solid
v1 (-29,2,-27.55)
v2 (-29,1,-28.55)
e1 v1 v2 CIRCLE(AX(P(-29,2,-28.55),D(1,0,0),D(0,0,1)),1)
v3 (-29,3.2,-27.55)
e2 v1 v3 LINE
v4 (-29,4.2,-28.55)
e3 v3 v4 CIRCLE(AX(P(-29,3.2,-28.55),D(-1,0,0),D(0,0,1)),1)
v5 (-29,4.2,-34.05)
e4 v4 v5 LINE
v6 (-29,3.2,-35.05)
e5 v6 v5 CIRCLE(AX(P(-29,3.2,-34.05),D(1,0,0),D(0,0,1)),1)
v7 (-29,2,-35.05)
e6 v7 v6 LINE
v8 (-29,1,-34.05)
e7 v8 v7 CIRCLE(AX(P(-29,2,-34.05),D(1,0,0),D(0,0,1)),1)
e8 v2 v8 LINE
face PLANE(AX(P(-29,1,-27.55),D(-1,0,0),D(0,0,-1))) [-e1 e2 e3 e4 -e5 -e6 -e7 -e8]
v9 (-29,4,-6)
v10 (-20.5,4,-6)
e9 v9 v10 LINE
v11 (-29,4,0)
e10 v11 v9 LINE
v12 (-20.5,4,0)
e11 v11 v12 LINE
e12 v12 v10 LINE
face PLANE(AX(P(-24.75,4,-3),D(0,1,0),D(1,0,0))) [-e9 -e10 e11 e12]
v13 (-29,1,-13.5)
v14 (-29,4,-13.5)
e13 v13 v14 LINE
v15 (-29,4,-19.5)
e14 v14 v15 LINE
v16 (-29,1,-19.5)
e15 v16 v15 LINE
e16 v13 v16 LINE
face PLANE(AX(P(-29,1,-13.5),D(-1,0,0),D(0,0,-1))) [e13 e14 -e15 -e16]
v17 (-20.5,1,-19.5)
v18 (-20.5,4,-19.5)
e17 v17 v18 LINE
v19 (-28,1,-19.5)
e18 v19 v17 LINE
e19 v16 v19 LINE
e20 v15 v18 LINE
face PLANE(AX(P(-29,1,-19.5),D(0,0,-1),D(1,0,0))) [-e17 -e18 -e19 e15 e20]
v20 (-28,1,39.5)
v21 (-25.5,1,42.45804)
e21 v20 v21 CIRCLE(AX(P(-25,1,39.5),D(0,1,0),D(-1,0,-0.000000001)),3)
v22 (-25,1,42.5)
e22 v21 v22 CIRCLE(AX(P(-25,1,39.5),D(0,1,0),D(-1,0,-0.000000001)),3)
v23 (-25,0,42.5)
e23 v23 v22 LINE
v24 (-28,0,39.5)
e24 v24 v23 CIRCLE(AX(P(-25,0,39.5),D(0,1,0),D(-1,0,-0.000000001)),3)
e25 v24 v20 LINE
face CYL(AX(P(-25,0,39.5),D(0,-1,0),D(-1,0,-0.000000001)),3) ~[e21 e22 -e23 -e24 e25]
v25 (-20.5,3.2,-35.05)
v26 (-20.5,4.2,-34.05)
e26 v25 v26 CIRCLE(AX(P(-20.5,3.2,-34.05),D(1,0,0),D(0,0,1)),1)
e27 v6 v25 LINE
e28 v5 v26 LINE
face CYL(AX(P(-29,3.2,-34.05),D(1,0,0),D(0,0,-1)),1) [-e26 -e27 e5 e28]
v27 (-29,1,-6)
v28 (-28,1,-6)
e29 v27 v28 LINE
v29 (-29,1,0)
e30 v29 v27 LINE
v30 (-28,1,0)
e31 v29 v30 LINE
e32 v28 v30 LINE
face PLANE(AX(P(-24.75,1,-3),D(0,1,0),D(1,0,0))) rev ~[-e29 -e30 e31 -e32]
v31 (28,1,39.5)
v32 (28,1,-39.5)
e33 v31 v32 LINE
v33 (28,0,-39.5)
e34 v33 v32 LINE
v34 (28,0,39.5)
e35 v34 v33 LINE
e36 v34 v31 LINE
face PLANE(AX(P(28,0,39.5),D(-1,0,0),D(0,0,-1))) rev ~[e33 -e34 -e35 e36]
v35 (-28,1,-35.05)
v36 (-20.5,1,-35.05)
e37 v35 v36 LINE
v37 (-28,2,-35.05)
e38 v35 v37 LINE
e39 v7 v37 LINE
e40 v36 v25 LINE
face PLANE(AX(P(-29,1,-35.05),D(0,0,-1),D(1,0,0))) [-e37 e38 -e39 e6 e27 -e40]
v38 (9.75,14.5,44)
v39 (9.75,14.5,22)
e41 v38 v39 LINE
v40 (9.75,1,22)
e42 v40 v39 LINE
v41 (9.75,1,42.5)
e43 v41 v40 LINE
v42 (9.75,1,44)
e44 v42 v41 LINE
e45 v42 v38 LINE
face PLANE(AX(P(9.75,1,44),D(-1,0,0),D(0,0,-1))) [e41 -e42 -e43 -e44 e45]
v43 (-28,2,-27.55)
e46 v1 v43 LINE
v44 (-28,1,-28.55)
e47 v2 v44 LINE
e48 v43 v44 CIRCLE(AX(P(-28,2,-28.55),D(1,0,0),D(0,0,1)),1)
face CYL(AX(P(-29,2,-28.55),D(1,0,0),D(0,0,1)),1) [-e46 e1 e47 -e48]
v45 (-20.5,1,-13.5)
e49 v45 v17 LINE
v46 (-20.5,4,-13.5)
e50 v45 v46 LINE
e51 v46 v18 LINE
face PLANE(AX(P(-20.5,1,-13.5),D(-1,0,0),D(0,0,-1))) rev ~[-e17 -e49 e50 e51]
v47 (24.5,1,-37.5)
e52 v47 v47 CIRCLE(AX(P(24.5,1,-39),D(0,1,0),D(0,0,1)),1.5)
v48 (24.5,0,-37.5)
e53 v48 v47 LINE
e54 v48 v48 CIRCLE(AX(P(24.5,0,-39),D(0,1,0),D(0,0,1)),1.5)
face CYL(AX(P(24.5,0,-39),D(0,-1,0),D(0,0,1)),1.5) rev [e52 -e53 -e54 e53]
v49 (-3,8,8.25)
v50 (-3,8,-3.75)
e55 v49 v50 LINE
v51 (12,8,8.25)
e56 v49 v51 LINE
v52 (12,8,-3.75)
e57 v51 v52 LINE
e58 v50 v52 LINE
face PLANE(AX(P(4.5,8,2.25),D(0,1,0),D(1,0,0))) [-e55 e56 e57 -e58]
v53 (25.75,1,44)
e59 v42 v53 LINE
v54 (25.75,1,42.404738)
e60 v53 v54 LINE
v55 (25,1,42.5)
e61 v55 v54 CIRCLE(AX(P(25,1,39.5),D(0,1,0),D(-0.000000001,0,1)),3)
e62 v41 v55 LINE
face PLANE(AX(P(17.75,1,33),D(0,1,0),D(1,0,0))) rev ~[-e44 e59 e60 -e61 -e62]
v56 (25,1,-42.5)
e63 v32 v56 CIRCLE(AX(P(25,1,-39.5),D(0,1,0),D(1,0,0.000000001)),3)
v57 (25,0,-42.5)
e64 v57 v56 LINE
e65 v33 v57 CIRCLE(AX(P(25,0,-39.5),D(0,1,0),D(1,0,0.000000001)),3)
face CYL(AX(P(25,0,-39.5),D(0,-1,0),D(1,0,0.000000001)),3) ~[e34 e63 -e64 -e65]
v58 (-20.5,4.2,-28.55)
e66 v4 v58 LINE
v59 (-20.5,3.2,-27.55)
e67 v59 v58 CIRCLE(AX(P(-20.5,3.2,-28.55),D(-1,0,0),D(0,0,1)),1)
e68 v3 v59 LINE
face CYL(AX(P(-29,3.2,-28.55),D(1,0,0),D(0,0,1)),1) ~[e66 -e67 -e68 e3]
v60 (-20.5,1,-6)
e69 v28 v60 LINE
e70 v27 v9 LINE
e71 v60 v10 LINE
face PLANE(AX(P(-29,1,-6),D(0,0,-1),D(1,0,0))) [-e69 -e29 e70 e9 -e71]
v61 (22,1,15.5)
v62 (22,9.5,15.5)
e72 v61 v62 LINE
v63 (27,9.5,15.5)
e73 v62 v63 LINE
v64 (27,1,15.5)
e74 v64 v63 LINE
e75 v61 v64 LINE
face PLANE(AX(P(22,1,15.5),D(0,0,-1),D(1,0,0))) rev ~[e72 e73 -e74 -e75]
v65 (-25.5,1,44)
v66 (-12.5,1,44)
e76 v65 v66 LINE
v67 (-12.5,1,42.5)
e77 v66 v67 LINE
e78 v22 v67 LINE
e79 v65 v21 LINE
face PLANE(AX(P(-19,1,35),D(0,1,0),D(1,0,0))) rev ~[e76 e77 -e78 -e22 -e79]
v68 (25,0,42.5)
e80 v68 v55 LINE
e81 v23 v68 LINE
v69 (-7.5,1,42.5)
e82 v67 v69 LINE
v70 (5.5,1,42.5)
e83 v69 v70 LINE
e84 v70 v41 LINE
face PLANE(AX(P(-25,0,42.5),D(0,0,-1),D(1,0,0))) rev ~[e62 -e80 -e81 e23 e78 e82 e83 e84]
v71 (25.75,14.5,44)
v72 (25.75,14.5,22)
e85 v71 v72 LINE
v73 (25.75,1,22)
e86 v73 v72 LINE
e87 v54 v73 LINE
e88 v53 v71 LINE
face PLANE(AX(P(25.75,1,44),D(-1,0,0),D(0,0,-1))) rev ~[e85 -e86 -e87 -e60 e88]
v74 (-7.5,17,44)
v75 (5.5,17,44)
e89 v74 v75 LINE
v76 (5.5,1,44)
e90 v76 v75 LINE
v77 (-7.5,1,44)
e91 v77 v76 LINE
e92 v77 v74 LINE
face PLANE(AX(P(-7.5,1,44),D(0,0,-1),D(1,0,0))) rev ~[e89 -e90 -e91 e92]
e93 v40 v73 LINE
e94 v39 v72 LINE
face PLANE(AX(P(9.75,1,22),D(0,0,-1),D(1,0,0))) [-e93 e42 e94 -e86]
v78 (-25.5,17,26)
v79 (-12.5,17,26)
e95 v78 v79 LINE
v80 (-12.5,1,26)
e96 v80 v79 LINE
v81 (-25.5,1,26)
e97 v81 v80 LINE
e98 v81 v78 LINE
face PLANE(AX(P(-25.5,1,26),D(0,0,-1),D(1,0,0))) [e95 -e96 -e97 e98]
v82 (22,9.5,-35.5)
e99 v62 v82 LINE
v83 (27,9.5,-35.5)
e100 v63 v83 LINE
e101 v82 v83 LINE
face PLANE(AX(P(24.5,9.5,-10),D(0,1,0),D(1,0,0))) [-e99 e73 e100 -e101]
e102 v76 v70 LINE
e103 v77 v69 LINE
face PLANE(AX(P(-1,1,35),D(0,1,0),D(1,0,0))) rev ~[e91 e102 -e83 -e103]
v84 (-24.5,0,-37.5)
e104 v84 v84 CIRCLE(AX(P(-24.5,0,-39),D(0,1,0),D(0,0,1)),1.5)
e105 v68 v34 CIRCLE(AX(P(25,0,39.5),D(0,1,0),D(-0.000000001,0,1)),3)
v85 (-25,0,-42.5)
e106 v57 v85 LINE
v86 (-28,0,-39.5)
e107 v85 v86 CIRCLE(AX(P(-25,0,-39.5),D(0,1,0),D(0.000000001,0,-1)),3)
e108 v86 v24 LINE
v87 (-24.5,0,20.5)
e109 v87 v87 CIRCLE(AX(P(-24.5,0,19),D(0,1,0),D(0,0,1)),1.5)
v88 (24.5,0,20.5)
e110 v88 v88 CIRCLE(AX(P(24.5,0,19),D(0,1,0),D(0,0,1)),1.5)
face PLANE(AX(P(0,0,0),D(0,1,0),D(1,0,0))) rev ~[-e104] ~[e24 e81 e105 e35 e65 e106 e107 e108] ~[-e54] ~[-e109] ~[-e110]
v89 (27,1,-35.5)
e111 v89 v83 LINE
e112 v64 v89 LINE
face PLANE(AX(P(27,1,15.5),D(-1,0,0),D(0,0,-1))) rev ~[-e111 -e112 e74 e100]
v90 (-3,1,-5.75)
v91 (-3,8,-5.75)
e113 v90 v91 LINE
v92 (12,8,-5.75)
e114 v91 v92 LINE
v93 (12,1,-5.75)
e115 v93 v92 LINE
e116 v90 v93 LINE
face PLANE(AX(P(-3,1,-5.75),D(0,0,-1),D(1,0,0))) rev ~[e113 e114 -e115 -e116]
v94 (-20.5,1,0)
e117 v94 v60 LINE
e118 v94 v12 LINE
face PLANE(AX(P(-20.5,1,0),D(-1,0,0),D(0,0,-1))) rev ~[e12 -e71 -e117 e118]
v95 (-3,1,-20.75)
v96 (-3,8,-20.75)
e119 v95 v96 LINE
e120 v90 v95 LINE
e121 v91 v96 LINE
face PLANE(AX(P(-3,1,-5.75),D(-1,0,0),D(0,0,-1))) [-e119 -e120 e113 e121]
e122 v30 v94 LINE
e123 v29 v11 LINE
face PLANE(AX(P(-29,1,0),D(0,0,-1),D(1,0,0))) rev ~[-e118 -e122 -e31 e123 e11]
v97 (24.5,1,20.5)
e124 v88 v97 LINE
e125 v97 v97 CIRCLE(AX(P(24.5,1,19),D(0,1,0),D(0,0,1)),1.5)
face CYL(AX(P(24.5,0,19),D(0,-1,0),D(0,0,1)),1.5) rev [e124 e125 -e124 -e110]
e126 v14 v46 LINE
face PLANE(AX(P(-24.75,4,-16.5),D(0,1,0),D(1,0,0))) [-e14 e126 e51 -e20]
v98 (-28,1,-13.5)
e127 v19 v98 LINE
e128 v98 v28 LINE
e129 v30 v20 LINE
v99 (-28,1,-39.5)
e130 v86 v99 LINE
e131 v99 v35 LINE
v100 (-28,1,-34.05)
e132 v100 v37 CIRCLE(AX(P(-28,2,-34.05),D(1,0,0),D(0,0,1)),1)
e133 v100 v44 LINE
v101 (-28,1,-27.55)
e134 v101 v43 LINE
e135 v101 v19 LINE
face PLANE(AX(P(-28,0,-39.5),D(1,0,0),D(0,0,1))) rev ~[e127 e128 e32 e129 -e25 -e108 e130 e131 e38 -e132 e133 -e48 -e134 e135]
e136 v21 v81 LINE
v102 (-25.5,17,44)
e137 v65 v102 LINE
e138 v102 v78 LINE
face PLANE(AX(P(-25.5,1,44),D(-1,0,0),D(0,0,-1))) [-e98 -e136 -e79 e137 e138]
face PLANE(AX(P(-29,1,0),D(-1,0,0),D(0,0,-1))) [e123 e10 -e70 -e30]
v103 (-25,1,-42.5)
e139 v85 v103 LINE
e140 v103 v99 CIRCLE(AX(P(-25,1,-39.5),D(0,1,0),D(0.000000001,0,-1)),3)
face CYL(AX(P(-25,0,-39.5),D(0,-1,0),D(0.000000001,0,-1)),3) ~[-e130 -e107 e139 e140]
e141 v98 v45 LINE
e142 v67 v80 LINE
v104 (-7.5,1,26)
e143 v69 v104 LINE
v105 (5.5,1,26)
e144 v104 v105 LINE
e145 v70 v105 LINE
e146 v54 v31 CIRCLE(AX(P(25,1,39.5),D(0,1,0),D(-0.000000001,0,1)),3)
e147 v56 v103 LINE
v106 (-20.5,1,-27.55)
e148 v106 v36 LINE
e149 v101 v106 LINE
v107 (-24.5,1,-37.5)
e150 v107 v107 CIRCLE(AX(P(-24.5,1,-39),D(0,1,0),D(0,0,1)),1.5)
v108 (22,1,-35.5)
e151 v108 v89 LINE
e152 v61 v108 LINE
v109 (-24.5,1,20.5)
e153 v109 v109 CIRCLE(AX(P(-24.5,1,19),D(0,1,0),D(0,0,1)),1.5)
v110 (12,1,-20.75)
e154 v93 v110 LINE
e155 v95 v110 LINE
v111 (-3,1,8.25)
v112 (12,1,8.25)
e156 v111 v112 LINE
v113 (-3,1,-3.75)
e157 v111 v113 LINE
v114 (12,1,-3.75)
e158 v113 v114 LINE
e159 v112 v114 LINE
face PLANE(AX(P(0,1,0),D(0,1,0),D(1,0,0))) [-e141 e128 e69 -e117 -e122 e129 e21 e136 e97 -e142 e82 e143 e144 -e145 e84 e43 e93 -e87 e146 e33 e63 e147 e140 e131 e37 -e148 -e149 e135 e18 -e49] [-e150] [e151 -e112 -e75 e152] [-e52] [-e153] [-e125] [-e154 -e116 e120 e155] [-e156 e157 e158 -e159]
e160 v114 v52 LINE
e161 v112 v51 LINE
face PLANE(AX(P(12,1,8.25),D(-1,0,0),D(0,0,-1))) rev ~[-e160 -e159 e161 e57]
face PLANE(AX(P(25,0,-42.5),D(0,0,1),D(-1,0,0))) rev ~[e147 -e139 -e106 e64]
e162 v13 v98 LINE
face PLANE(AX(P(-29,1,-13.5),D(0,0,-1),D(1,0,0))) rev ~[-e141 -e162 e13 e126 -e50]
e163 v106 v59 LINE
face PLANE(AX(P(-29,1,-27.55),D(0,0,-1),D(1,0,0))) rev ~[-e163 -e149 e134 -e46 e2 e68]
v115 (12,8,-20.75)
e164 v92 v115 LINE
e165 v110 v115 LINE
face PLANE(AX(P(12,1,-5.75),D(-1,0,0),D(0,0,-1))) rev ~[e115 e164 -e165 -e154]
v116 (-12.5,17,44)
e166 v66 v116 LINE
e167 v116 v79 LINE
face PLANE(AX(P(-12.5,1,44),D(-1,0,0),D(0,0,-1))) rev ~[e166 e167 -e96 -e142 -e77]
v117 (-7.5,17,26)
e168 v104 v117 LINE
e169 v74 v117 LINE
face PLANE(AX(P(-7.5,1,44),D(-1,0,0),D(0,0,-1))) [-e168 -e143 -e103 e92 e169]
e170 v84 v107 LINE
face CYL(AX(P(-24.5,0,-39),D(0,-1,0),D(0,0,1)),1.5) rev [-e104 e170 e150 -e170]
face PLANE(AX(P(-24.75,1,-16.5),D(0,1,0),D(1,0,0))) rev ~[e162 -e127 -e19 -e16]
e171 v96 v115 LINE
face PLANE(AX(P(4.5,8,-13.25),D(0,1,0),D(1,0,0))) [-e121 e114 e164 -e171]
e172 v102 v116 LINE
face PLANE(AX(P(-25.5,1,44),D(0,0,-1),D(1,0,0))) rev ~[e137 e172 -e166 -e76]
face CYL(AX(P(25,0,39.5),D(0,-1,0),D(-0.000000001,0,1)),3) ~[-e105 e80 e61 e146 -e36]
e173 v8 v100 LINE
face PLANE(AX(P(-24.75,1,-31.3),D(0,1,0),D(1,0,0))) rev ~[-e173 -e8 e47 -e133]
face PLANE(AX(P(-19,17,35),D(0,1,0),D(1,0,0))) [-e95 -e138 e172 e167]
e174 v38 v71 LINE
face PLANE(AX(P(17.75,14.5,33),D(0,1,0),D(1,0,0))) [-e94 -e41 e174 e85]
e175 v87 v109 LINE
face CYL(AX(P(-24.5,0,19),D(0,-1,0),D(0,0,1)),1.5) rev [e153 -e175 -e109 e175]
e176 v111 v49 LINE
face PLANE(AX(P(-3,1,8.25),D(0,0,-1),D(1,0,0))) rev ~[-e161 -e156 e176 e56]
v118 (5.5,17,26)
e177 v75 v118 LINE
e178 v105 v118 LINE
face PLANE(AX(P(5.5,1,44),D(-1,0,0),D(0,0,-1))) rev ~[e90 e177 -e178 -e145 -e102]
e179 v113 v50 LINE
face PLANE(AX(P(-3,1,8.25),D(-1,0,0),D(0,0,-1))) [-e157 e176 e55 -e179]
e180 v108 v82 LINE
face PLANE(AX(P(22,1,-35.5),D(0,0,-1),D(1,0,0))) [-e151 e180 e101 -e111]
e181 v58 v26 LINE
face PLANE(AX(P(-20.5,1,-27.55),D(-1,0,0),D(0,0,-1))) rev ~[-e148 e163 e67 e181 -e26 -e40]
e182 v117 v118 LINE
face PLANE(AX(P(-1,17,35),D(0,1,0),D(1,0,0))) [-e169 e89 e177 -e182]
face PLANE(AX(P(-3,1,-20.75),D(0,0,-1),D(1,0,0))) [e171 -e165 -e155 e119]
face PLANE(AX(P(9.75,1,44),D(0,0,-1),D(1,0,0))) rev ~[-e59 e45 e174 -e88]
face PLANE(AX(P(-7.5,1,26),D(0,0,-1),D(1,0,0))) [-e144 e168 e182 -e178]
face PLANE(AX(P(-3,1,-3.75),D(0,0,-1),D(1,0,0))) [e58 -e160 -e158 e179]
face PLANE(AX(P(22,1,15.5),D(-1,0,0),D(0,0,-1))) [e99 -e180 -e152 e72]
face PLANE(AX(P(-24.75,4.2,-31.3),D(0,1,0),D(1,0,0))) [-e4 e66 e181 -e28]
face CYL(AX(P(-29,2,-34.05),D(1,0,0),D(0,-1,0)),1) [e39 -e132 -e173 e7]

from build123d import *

# Parameters (mm, degrees)
ESQUISSE1_R        = 1.5
BOSS_EXTRU_1_DEPTH = 1
ESQUISSE2_W        = 13
ESQUISSE2_H        = 18
BOSS_EXTRU_2_DEPTH = 16
ESQUISSE3_W        = 16
ESQUISSE3_H        = 22
BOSS_EXTRU_3_DEPTH = 13.5
ESQUISSE4_W        = 15
ESQUISSE4_H        = 15
ESQUISSE4_H_2      = 12
BOSS_EXTRU_4_DEPTH = 7
ESQUISSE5_W        = 8.5
ESQUISSE5_H        = 7.5
BOSS_EXTRU_5_DEPTH = 3.2
CONG_3_R           = 1
CONG_4_R           = 1
ESQUISSE6_W        = 8.5
ESQUISSE6_H        = 6
BOSS_EXTRU_6_DEPTH = 3
ESQUISSE7_W        = 5
ESQUISSE7_H        = 51
BOSS_EXTRU_7_DEPTH = 8.5


with BuildPart() as part:
    # Esquisse1 → Boss.-Extru.1 (new body)
    with BuildSketch(Plane(origin=(0, 0, 0), x_dir=(1, 0, 0), z_dir=(0, 1, 0))):
        with BuildLine():
            Line((-25, -42.5), (25, -42.5))
            ThreePointArc((25, -42.5), (27.121320344, -41.621320344), (28, -39.5))
            Line((28, -39.5), (28, 39.5))
            ThreePointArc((28, 39.5), (27.121320344, 41.621320344), (25, 42.5))
            Line((25, 42.5), (-25, 42.5))
            ThreePointArc((-25, 42.5), (-27.121320344, 41.621320344), (-28, 39.5))
            Line((-28, 39.5), (-28, -39.5))
            ThreePointArc((-28, -39.5), (-27.121320344, -41.621320344), (-25, -42.5))
        make_face()
        with Locations(Location((-24.5, 39, 0), (0, 0, 270))):
            Circle(ESQUISSE1_R, mode=Mode.SUBTRACT)
        with Locations(Location((24.5, 39, 0), (0, 0, 270))):
            Circle(ESQUISSE1_R, mode=Mode.SUBTRACT)
        with Locations(Location((-24.5, -19, 0), (0, 0, 270))):
            Circle(ESQUISSE1_R, mode=Mode.SUBTRACT)
        with Locations(Location((24.5, -19, 0), (0, 0, 270))):
            Circle(ESQUISSE1_R, mode=Mode.SUBTRACT)
    extrude(amount=BOSS_EXTRU_1_DEPTH)

    # Esquisse2 → Boss.-Extru.2 (add)
    with BuildSketch(Plane(origin=(0, 1, 0), x_dir=(1, 0, 0), z_dir=(0, 1, 0))):
        with Locations((-19, -35)):
            Rectangle(ESQUISSE2_W, ESQUISSE2_H)
        with Locations((-1, -35)):
            Rectangle(ESQUISSE2_W, ESQUISSE2_H)
    extrude(amount=BOSS_EXTRU_2_DEPTH)

    # Esquisse3 → Boss.-Extru.3 (add)
    with BuildSketch(Plane(origin=(0, 1, 0), x_dir=(1, 0, 0), z_dir=(0, 1, 0))):
        with Locations((17.75, -33)):
            Rectangle(ESQUISSE3_W, ESQUISSE3_H)
    extrude(amount=BOSS_EXTRU_3_DEPTH)

    # Esquisse4 → Boss.-Extru.4 (add)
    with BuildSketch(Plane(origin=(0, 1, 0), x_dir=(1, 0, 0), z_dir=(0, 1, 0))):
        with Locations((4.5, 13.25)):
            Rectangle(ESQUISSE4_W, ESQUISSE4_H)
        with Locations((4.5, -2.25)):
            Rectangle(ESQUISSE4_W, ESQUISSE4_H_2)
    extrude(amount=BOSS_EXTRU_4_DEPTH)

    # Esquisse5 → Boss.-Extru.5 (add)
    with BuildSketch(Plane(origin=(0, 1, 0), x_dir=(1, 0, 0), z_dir=(0, 1, 0))):
        with Locations((-24.75, 31.3)):
            Rectangle(ESQUISSE5_W, ESQUISSE5_H)
    extrude(amount=BOSS_EXTRU_5_DEPTH)

    # Congé3
    cong_3_edges = [part.edges().sort_by_distance(p)[0] for p in [
        (-24.75, 4.2, -27.55),
        (-24.75, 4.2, -35.05),
    ]]
    fillet(cong_3_edges, radius=CONG_3_R)

    # Congé4
    cong_4_edges = [part.edges().sort_by_distance(p)[0] for p in [
        (-28.5, 1, -27.55),
        (-28.5, 1, -35.05),
    ]]
    fillet(cong_4_edges, radius=CONG_4_R)

    # Esquisse6 → Boss.-Extru.6 (add)
    with BuildSketch(Plane(origin=(0, 1, 0), x_dir=(1, 0, 0), z_dir=(0, 1, 0))):
        with Locations((-24.75, 16.5)):
            Rectangle(ESQUISSE6_W, ESQUISSE6_H)
        with Locations((-24.75, 3)):
            Rectangle(ESQUISSE6_W, ESQUISSE6_H)
    extrude(amount=BOSS_EXTRU_6_DEPTH)

    # Esquisse7 → Boss.-Extru.7 (add)
    with BuildSketch(Plane(origin=(0, 1, 0), x_dir=(1, 0, 0), z_dir=(0, 1, 0))):
        with Locations((24.5, 10)):
            Rectangle(ESQUISSE7_W, ESQUISSE7_H)
    extrude(amount=BOSS_EXTRU_7_DEPTH)


solid = part.part
